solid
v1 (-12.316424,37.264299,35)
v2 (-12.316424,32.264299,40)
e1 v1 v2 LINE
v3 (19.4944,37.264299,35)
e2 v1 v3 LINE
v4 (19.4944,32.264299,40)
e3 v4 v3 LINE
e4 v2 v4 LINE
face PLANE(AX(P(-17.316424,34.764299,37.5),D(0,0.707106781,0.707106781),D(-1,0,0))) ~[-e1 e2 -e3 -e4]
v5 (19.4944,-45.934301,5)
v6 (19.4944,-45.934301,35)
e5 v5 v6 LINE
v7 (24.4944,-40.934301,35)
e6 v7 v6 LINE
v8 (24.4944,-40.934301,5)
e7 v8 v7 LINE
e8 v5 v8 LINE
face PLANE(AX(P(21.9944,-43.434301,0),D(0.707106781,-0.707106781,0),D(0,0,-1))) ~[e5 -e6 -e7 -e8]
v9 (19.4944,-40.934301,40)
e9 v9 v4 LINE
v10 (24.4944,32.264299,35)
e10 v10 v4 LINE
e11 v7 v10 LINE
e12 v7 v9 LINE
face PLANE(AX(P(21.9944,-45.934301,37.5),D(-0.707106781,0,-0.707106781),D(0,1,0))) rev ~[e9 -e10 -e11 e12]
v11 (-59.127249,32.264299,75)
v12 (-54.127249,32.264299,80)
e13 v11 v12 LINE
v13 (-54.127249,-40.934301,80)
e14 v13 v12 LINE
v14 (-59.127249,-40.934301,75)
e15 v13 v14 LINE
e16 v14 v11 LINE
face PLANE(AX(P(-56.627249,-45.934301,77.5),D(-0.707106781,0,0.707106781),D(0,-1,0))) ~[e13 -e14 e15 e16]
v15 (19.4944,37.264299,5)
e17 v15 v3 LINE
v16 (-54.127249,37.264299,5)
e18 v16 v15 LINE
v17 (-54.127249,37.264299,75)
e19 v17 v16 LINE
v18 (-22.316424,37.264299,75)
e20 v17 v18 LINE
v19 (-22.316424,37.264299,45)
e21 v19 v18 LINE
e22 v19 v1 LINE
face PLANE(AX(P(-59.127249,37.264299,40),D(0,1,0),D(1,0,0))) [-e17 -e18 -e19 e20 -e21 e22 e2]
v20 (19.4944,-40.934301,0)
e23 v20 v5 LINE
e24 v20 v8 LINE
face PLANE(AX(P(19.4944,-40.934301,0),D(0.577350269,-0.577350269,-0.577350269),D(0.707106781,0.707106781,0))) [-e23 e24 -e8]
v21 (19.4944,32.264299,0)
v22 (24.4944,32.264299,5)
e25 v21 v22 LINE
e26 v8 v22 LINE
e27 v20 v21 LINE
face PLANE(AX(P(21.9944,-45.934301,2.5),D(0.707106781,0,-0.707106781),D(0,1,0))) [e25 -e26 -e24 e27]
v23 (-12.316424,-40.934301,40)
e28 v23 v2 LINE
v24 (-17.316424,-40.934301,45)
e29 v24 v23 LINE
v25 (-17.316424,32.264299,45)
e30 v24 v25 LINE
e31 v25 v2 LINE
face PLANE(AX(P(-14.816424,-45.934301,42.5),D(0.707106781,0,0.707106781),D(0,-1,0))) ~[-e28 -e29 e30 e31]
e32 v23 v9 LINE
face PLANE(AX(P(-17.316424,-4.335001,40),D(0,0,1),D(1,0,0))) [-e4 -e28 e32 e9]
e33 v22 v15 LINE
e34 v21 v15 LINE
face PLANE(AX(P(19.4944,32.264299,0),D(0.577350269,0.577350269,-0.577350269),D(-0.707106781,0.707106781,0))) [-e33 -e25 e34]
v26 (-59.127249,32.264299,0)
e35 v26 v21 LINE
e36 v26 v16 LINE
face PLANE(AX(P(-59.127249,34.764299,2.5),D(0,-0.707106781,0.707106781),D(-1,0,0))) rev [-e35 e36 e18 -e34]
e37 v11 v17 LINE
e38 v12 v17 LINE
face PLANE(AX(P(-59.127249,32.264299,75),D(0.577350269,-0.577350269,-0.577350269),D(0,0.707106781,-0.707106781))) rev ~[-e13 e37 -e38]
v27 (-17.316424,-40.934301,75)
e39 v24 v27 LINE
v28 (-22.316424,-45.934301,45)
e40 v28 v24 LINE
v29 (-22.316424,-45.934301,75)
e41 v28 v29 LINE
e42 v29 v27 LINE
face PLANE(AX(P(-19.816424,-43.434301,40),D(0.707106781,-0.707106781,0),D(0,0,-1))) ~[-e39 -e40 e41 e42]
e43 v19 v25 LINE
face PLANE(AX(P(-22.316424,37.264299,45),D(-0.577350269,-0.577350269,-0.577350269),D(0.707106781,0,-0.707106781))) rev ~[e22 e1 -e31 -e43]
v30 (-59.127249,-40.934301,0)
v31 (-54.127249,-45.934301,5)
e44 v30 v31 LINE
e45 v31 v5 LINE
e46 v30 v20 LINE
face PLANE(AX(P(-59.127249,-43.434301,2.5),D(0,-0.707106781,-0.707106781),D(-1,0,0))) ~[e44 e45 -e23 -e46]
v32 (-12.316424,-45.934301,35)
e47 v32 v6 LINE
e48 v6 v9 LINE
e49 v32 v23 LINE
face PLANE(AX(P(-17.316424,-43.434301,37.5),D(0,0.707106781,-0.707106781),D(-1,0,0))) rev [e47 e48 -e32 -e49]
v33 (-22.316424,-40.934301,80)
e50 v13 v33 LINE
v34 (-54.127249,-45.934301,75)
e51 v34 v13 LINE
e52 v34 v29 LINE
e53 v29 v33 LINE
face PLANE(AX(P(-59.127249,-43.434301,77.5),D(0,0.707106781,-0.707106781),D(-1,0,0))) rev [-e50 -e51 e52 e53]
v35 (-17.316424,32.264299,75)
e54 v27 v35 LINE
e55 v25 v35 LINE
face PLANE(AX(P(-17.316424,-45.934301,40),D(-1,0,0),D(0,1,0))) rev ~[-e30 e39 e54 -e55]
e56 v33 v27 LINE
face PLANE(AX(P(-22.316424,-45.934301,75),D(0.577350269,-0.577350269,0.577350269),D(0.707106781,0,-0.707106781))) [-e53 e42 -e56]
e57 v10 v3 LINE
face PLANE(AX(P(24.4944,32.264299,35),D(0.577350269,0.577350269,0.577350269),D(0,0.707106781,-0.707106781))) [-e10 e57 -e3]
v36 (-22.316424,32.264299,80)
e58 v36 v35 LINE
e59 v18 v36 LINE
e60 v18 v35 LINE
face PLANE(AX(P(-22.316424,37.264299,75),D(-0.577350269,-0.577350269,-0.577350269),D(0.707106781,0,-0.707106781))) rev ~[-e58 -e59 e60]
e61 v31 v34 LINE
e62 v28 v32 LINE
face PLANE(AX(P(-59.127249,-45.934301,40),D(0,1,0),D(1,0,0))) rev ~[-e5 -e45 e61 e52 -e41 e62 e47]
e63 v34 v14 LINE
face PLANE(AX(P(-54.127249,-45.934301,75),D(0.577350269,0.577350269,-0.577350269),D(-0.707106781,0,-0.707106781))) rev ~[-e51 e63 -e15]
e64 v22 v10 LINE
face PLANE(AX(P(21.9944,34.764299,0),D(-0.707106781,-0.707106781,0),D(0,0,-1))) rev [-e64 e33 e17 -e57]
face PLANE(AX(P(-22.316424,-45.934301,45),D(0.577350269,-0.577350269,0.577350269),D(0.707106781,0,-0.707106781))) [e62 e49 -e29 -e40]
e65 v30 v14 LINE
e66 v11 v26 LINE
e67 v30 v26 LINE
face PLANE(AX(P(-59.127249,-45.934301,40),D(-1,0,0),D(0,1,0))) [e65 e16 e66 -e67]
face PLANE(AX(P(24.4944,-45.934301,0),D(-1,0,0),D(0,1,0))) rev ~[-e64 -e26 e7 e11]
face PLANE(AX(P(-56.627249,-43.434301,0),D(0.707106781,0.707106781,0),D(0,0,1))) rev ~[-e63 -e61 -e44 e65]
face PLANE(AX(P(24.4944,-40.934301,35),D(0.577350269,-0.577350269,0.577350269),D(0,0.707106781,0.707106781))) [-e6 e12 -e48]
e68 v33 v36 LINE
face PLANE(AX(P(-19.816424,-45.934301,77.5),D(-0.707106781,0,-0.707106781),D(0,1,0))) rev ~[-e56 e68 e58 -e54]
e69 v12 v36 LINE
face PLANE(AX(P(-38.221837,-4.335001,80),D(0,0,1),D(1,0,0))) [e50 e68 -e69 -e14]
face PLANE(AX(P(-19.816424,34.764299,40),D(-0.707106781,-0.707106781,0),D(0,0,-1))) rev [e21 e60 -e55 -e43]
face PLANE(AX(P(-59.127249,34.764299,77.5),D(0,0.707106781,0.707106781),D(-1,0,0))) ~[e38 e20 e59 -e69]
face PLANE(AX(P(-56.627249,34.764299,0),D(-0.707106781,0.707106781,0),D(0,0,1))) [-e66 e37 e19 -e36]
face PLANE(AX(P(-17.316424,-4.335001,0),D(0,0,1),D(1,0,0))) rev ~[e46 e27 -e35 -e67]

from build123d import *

# Parameters (mm, degrees)
F0_W     = 83.6216490716
F0_H     = 83.1985995173
F1_DEPTH = 40
F2_W     = 41.8108245358
F2_H     = 83.1985995173
F3_DEPTH = 40
F4_SIZE  = 5


with BuildPart() as f1:
    # F0 (on Top) → F1 (new body)
    with BuildSketch(Plane.XY):
        with Locations((-17.3164242879, -4.335001111)):
            Rectangle(F0_W, F0_H)
    extrude(amount=F1_DEPTH)

    # F2 (on face) → F3 (join)
    with BuildSketch(Plane.XY.offset(40)):
        with Locations((-38.2218365557, -4.335001111)):
            Rectangle(F2_W, F2_H)
    extrude(amount=F3_DEPTH)

    # F4
    f4_edges = [f1.edges().sort_by_distance(p)[0] for p in [
        (-17.316424, -4.335001, 80),
        (-38.221837, 37.264299, 80),
        (-59.127249, -4.335001, 80),
        (-38.221837, -45.934301, 80),
        (-59.127249, -45.934301, 40),
        (-17.316424, -45.934301, 60),
        (3.588988, -45.934301, 40),
        (24.4944, -45.934301, 20),
        (-17.316424, -45.934301, 0),
        (3.588988, 37.264299, 40),
        (24.4944, -4.335001, 40),
        (-17.316424, -4.335001, 40),
        (-17.316424, 37.264299, 60),
        (24.4944, 37.264299, 20),
        (24.4944, -4.335001, 0),
        (-59.127249, 37.264299, 40),
        (-17.316424, 37.264299, 0),
    ]]
    chamfer(f4_edges, length=F4_SIZE)


solid = f1.part
